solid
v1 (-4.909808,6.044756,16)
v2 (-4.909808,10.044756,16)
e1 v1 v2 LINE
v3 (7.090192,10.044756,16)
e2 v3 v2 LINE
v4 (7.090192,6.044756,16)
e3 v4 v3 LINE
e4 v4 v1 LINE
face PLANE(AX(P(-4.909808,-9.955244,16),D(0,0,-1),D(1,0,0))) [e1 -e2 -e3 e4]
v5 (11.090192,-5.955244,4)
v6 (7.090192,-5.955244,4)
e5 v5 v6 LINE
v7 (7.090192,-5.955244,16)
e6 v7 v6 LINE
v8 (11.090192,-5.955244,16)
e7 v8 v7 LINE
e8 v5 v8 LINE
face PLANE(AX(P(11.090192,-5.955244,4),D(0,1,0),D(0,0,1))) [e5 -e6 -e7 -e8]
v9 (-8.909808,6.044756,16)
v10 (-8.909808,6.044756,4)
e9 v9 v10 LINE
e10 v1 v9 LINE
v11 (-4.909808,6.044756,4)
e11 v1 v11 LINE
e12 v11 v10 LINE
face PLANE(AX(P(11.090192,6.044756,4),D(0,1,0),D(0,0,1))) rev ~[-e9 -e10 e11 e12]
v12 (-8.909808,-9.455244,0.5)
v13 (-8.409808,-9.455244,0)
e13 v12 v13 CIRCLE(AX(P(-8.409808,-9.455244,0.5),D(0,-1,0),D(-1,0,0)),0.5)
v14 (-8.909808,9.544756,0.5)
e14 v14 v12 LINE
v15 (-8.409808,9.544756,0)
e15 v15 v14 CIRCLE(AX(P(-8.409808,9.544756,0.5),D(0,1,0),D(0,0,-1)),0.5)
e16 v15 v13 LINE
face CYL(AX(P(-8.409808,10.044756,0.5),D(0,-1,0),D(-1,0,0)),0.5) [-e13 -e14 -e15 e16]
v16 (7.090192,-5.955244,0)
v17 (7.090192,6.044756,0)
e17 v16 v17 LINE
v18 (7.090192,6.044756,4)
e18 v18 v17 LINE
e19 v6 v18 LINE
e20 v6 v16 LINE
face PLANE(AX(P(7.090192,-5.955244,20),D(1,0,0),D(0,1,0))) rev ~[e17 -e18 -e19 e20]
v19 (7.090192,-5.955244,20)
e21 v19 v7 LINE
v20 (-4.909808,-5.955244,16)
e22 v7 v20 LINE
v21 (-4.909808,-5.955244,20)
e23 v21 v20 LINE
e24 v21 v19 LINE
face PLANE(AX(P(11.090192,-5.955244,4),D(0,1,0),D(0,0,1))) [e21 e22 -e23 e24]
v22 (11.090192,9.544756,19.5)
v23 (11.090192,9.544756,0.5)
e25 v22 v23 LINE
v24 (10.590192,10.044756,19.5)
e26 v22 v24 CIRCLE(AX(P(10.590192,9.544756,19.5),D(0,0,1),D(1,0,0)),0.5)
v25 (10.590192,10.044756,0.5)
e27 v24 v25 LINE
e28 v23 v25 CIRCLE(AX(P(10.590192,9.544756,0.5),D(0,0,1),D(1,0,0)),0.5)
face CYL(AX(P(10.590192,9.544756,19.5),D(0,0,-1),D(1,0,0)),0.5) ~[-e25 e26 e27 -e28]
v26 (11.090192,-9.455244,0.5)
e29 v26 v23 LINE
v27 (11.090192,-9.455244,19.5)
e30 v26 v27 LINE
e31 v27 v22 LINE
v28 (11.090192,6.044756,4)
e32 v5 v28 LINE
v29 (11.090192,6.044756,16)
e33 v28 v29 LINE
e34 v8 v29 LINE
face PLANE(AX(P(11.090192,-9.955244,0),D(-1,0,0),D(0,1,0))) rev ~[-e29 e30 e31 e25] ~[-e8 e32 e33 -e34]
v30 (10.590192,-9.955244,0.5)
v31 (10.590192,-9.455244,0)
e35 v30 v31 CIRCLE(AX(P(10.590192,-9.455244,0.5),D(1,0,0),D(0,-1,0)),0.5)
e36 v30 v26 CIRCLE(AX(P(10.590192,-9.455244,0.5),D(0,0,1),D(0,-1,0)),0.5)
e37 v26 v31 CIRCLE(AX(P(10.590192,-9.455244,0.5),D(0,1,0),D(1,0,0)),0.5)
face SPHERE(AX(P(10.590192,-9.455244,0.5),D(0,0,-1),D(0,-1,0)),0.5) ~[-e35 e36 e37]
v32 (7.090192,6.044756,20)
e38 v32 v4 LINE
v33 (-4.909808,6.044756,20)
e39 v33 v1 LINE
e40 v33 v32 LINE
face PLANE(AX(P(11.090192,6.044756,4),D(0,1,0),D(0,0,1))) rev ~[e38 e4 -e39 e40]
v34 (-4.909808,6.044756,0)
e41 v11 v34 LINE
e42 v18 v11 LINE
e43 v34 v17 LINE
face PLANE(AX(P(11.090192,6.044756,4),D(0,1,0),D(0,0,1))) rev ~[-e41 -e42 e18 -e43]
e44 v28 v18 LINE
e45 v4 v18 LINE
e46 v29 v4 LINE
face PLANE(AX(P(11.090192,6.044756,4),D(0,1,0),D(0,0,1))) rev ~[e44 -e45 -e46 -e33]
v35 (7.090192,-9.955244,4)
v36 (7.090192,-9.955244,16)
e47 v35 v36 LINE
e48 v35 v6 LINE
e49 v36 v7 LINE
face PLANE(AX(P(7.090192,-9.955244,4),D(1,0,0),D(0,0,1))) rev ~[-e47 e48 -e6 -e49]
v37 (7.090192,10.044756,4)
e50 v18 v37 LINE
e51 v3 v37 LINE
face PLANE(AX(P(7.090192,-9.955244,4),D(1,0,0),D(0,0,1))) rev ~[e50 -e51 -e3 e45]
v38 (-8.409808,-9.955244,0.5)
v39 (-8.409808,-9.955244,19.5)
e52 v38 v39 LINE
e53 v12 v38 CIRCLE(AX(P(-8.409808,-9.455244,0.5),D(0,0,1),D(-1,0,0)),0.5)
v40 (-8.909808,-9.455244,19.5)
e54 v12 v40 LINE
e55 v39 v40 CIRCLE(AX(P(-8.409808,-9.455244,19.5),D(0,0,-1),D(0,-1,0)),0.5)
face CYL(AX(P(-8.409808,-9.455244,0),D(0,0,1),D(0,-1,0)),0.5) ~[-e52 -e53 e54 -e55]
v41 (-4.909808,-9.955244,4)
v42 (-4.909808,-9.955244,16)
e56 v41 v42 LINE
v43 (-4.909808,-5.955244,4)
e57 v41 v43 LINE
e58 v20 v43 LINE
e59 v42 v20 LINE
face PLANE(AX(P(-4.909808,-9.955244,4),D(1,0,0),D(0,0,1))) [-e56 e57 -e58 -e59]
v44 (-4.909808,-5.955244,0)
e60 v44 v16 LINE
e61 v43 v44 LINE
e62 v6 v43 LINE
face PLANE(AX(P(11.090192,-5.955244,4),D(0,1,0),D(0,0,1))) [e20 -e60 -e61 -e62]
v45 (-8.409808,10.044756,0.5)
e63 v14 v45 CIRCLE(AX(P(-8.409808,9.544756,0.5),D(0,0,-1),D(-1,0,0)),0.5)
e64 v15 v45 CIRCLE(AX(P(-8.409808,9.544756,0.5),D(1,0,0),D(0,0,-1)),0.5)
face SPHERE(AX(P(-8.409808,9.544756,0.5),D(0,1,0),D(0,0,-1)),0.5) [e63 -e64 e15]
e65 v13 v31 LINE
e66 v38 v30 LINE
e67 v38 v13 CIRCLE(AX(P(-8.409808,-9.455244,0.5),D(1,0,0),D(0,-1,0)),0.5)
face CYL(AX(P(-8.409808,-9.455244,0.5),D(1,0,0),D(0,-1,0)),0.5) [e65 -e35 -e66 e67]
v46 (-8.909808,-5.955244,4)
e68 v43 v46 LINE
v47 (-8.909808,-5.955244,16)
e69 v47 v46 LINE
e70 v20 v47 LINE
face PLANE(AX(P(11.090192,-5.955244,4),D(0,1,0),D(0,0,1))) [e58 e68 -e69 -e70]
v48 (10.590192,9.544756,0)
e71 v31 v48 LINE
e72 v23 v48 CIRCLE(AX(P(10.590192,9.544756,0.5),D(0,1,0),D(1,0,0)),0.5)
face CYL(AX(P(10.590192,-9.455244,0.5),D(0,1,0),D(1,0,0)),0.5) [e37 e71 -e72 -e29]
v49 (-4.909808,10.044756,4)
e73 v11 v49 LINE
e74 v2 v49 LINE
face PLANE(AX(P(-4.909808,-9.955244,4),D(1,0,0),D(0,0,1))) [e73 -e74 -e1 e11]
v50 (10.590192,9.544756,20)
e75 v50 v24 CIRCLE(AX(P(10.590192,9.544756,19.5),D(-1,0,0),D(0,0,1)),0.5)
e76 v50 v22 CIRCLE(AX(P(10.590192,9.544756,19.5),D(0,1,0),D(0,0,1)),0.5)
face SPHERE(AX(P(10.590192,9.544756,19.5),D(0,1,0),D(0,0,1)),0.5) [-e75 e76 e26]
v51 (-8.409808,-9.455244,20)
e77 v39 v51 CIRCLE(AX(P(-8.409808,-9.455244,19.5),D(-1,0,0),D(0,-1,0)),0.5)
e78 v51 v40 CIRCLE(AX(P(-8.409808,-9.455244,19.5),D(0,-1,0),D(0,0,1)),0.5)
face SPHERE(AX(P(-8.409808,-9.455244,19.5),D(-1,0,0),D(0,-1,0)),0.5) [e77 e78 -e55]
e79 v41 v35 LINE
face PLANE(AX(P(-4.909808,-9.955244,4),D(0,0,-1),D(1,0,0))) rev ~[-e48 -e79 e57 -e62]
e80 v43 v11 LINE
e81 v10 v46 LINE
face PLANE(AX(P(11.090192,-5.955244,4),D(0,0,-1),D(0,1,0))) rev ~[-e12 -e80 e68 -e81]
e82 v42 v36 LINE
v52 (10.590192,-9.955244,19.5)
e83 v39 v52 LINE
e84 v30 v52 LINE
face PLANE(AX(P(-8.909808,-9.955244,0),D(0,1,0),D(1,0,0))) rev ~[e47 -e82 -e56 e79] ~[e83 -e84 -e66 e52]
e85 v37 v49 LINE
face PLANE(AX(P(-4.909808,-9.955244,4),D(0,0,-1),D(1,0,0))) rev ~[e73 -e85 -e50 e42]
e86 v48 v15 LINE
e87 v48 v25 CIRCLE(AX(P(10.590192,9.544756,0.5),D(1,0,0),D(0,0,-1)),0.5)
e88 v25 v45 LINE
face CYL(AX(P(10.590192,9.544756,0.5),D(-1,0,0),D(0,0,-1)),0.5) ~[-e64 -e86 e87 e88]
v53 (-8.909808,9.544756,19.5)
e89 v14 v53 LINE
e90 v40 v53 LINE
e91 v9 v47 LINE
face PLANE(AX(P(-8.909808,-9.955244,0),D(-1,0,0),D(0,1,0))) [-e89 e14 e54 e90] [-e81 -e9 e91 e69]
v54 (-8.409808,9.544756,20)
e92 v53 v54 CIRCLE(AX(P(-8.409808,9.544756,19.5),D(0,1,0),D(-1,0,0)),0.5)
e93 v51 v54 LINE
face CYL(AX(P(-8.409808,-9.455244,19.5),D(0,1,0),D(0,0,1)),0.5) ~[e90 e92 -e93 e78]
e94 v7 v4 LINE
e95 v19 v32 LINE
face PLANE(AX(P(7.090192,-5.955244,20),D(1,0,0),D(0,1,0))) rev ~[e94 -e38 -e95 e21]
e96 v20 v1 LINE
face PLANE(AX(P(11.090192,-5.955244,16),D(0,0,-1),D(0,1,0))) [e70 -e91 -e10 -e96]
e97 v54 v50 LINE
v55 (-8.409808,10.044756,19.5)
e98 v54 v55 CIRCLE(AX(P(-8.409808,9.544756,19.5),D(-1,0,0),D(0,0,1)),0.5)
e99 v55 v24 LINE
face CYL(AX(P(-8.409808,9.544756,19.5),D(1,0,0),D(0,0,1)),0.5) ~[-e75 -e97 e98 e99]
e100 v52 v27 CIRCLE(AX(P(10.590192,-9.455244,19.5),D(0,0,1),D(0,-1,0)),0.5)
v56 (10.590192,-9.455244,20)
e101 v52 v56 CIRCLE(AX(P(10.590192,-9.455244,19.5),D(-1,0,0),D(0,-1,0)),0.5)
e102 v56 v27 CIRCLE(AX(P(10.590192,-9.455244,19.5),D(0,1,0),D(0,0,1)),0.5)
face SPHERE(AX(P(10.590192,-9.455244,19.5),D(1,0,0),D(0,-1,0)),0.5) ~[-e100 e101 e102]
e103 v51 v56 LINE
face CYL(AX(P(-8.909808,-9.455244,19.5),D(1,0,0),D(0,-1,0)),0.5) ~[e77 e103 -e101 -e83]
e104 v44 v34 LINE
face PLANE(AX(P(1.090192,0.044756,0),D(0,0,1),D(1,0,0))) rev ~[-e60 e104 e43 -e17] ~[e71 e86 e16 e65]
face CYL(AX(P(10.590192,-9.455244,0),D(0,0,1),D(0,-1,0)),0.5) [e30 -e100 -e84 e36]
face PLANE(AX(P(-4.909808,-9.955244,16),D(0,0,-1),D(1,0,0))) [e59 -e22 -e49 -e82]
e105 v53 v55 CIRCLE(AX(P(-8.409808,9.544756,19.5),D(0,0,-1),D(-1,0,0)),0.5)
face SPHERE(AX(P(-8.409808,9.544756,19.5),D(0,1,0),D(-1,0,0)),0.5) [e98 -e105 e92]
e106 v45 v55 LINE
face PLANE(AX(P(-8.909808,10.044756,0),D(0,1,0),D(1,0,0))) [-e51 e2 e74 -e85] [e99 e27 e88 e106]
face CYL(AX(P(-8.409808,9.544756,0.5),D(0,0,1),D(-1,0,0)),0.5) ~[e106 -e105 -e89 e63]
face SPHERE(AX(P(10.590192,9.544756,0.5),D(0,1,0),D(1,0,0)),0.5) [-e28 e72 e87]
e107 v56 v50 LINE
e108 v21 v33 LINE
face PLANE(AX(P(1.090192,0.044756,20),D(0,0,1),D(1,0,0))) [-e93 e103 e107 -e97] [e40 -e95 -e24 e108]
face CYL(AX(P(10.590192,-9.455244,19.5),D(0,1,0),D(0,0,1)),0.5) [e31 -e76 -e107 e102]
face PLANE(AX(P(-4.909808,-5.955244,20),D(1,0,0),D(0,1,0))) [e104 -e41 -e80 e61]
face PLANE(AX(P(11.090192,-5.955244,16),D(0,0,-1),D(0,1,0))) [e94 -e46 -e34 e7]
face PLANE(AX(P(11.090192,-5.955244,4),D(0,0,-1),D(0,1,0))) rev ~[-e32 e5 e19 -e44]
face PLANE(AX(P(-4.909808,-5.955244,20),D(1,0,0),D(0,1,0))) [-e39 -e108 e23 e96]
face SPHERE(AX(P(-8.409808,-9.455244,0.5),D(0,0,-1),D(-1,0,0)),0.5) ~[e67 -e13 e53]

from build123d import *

# Parameters (mm, degrees)
F0_W     = 20
F0_H     = 20
F1_DEPTH = 20
F2_W     = 12
F2_H     = 12
F3_DEPTH = 25
F4_W     = 12
F4_H     = 12
F5_DEPTH = 25
F6_W     = 12
F6_H     = 12
F7_DEPTH = 25
F8_R     = 0.5
F9_R     = 0.5
F10_R    = 0.5
F11_R    = 0.5
F12_R    = 0.5


with BuildPart() as f1:
    # F0 (on Top) → F1 (new body)
    with BuildSketch(Plane.XY):
        with Locations((1.090192, 0.044756)):
            Rectangle(F0_W, F0_H)
    extrude(amount=F1_DEPTH)

    # F2 (on face) → F3 (cut)
    with BuildSketch(Plane.XY.offset(20)):
        with Locations((1.090192, 0.044756)):
            Rectangle(F2_W, F2_H)
    extrude(amount=-F3_DEPTH, mode=Mode.SUBTRACT)

    # F4 (on face) → F5 (cut)
    with BuildSketch(Plane.YZ.offset(11.090192)):
        with Locations((0.044756, 10)):
            Rectangle(F4_W, F4_H)
    extrude(amount=-F5_DEPTH, mode=Mode.SUBTRACT)

    # F6 (on face) → F7 (cut)
    with BuildSketch(Plane.XZ.offset(9.955244)):
        with Locations((1.090192, 10)):
            Rectangle(F6_W, F6_H)
    extrude(amount=-F7_DEPTH, mode=Mode.SUBTRACT)

    # F8
    f8_edges = [f1.edges().sort_by_distance(p)[0] for p in [
        (1.090192, -9.955244, 20),
    ]]
    fillet(f8_edges, radius=F8_R)

    # F9
    f9_edges = [f1.edges().sort_by_distance(p)[0] for p in [
        (11.090192, 0.294756, 20),
    ]]
    fillet(f9_edges, radius=F9_R)

    # F10
    f10_edges = [f1.edges().sort_by_distance(p)[0] for p in [
        (-8.909808, -9.955244, 9.75),
    ]]
    fillet(f10_edges, radius=F10_R)

    # F11
    f11_edges = [f1.edges().sort_by_distance(p)[0] for p in [
        (1.090192, -9.955244, 0),
    ]]
    fillet(f11_edges, radius=F11_R)

    # F12
    f12_edges = [f1.edges().sort_by_distance(p)[0] for p in [
        (-8.909808, 10.044756, 10),
    ]]
    fillet(f12_edges, radius=F12_R)


solid = f1.part
